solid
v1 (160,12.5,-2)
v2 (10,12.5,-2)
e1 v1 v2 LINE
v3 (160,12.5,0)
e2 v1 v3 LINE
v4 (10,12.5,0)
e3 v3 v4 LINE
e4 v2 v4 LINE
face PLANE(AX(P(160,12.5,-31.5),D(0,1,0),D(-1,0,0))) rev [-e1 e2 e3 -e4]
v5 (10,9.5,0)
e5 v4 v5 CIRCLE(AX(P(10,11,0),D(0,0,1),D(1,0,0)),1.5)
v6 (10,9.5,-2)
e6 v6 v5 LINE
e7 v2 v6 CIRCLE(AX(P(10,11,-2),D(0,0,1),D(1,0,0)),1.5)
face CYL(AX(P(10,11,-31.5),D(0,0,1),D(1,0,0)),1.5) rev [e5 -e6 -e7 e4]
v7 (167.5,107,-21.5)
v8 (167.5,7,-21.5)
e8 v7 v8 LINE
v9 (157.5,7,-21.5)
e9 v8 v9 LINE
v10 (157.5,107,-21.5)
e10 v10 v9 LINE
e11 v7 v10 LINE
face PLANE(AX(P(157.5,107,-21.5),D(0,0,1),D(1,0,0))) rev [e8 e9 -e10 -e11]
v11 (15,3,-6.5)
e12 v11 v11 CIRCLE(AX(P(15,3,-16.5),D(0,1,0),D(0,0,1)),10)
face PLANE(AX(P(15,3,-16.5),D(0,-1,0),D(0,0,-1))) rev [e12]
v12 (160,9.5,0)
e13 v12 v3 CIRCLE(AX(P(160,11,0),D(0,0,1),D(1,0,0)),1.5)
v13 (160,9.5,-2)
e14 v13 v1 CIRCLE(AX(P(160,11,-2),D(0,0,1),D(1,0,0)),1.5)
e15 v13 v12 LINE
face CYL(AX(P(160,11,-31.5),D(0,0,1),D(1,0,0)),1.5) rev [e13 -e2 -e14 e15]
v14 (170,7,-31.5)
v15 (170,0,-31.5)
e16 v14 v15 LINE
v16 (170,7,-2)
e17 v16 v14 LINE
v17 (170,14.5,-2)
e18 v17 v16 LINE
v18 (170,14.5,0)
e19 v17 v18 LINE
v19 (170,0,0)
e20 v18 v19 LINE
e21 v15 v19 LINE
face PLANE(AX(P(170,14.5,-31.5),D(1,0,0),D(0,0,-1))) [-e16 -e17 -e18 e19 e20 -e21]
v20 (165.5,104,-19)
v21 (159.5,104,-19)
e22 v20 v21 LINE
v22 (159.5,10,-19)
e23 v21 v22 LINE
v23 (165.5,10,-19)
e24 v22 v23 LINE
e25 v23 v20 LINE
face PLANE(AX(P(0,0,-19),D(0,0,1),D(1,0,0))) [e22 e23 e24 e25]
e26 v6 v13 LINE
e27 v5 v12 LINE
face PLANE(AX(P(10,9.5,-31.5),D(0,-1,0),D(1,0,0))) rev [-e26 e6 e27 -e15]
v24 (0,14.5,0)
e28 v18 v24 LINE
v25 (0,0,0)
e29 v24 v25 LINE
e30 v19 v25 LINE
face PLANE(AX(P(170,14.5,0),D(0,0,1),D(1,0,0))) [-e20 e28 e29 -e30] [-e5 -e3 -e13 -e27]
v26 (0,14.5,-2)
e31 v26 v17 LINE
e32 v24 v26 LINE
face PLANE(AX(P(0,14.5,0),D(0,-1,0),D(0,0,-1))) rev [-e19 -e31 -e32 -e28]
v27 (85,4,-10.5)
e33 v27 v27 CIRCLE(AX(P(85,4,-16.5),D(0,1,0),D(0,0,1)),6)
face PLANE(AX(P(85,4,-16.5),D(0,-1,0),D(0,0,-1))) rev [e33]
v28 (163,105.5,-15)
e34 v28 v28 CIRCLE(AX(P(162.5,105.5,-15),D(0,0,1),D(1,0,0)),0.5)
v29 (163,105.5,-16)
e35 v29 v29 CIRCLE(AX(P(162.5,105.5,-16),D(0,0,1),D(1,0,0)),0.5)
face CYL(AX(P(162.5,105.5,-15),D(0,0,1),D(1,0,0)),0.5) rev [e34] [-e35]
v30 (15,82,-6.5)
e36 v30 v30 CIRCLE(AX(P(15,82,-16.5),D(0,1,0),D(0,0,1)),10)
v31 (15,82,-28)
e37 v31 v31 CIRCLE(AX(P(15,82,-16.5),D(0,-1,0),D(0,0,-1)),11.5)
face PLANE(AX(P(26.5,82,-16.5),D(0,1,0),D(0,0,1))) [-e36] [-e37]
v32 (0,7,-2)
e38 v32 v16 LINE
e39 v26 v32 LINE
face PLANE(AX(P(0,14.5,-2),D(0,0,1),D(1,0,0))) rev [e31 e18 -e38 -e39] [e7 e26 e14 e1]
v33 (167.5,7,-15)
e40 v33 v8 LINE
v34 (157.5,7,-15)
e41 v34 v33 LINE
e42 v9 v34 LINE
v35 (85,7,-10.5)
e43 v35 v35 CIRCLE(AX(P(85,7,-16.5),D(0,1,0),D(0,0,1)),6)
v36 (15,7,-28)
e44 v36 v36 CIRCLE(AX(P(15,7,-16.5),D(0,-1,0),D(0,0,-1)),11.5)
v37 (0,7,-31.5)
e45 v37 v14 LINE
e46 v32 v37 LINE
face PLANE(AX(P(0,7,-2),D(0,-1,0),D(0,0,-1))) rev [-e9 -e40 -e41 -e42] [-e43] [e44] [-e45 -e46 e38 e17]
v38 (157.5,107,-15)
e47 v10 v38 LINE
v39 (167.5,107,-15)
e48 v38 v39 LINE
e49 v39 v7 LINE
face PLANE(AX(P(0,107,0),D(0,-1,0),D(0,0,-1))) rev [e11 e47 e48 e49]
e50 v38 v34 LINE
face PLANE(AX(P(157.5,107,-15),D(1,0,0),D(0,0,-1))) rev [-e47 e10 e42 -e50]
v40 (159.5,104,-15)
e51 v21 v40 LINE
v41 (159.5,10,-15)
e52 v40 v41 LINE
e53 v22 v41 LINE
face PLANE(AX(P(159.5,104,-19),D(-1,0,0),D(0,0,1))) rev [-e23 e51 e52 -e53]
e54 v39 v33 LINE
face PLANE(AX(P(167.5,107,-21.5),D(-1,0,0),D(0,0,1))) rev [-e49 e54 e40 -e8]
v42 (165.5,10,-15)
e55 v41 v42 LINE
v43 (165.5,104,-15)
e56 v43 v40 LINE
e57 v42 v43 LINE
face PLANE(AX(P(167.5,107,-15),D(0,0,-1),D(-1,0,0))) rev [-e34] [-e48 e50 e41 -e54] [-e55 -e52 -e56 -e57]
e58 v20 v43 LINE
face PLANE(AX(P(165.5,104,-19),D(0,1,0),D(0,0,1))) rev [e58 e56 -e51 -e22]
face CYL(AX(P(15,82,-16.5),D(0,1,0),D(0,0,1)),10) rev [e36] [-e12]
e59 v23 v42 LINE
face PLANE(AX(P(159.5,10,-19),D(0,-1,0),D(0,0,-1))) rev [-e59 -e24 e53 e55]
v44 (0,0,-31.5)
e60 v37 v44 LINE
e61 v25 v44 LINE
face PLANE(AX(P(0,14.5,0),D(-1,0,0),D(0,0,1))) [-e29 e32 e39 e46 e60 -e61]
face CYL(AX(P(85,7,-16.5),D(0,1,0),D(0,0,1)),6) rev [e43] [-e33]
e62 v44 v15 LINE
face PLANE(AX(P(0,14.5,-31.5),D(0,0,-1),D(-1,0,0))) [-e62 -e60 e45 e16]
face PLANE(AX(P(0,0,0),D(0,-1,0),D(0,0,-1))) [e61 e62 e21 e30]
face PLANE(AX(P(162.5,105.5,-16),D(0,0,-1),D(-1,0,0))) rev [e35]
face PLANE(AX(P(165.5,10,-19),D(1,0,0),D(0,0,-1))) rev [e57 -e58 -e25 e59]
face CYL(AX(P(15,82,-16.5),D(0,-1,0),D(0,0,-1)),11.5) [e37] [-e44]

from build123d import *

# Parameters (mm, degrees)
SKETCH1_W                      = 170
SKETCH1_H                      = 31.5
BOSS_EXTRUDE1_DEPTH            = 14.5
SKETCH2_W                      = 29.500000008
SKETCH2_H                      = 7.499999998
CUT_EXTRUDE1_DEPTH             = 174.50072046
CUT_EXTRUDE2_DEPTH             = 174.50072046
SKETCH4_W                      = 10.000000025
SKETCH4_H                      = 6.5
BOSS_EXTRUDE2_DEPTH            = 100
SKETCH5_W                      = 6
SKETCH5_H                      = 94
CUT_EXTRUDE3_DEPTH             = 4
SKETCH6_W                      = 11.5
SKETCH6_H                      = 75
F_12_0_12_DIAMETER_HOLE1_D     = 12
F_12_0_12_DIAMETER_HOLE1_DEPTH = 3
F_1_0_1_DIAMETER_HOLE1_D       = 1
F_1_0_1_DIAMETER_HOLE1_DEPTH   = 1
F_20_0_20_DIAMETER_HOLE1_D     = 20
F_20_0_20_DIAMETER_HOLE1_DEPTH = 79


with BuildPart() as part:
    # Sketch1 → Boss-Extrude1 (new body)
    with BuildSketch(Plane.XZ):
        with Locations((85, -15.75)):
            Rectangle(SKETCH1_W, SKETCH1_H)
    extrude(amount=-BOSS_EXTRUDE1_DEPTH)

    # Sketch2 → Cut-Extrude1 (cut, through all)
    with BuildSketch(Plane(origin=(170, 0, 0), x_dir=(0, 0, -1), z_dir=(1, 0, 0))):
        with Locations((16.749999996, 10.750000001)):
            Rectangle(SKETCH2_W, SKETCH2_H)
    extrude(amount=-CUT_EXTRUDE1_DEPTH, mode=Mode.SUBTRACT)

    # Sketch3 → Cut-Extrude2 (cut, through all)
    with BuildSketch(Plane.XY):
        with BuildLine():
            Line((160, 12.5), (10, 12.5))
            ThreePointArc((10, 12.5), (8.500000001, 11.000000001), (10, 9.500000002))
            Line((10, 9.500000002), (160, 9.500000002))
            ThreePointArc((160, 9.500000002), (161.499999999, 11.000000001), (160, 12.5))
        make_face()
    extrude(amount=-CUT_EXTRUDE2_DEPTH, mode=Mode.SUBTRACT)

    # Sketch4 → Boss-Extrude2 (add)
    with BuildSketch(Plane(origin=(0, 7.000000002, 0), x_dir=(-1, 0, 0), z_dir=(0, 1, 0))):
        with Locations((-162.500000003, -18.249999999)):
            Rectangle(SKETCH4_W, SKETCH4_H)
    extrude(amount=BOSS_EXTRUDE2_DEPTH)

    # Sketch5 → Cut-Extrude3 (cut)
    with BuildSketch(Plane.XY.offset(-14.999999999)):
        with Locations((162.5, 57)):
            Rectangle(SKETCH5_W, SKETCH5_H)
    extrude(amount=-CUT_EXTRUDE3_DEPTH, mode=Mode.SUBTRACT)

    # Sketch6 → Revolve1 (revolve)
    with BuildSketch(Plane.XY.offset(-16.5), mode=Mode.PRIVATE) as revolve1_sk:
        with Locations((20.75, 44.5)):
            Rectangle(SKETCH6_W, SKETCH6_H)
    revolve(revolve1_sk.sketch.rotate(Axis((15, 82, -16.5), (0, -1, 0)), 270), axis=Axis((15, 82, -16.5), (0, -1, 0)))

    # Ø12.0 (12) Diameter Hole1
    with Locations(Plane(origin=(0, 7.000000002, 0), x_dir=(1, 0, 0), z_dir=(0, 1, 0))):
        with Locations((85, 16.5)):
            Hole(F_12_0_12_DIAMETER_HOLE1_D / 2, depth=F_12_0_12_DIAMETER_HOLE1_DEPTH)

    # Ø1.0 (1) Diameter Hole1
    with Locations(Plane.XY.offset(-14.999999999)):
        with Locations((162.5, 105.5)):
            Hole(F_1_0_1_DIAMETER_HOLE1_D / 2, depth=F_1_0_1_DIAMETER_HOLE1_DEPTH)

    # Ø20.0 (20) Diameter Hole1
    with Locations(Plane(origin=(0, 82, 0), x_dir=(1, 0, 0), z_dir=(0, 1, 0))):
        with Locations((15, 16.5)):
            Hole(F_20_0_20_DIAMETER_HOLE1_D / 2, depth=F_20_0_20_DIAMETER_HOLE1_DEPTH)


solid = part.part
